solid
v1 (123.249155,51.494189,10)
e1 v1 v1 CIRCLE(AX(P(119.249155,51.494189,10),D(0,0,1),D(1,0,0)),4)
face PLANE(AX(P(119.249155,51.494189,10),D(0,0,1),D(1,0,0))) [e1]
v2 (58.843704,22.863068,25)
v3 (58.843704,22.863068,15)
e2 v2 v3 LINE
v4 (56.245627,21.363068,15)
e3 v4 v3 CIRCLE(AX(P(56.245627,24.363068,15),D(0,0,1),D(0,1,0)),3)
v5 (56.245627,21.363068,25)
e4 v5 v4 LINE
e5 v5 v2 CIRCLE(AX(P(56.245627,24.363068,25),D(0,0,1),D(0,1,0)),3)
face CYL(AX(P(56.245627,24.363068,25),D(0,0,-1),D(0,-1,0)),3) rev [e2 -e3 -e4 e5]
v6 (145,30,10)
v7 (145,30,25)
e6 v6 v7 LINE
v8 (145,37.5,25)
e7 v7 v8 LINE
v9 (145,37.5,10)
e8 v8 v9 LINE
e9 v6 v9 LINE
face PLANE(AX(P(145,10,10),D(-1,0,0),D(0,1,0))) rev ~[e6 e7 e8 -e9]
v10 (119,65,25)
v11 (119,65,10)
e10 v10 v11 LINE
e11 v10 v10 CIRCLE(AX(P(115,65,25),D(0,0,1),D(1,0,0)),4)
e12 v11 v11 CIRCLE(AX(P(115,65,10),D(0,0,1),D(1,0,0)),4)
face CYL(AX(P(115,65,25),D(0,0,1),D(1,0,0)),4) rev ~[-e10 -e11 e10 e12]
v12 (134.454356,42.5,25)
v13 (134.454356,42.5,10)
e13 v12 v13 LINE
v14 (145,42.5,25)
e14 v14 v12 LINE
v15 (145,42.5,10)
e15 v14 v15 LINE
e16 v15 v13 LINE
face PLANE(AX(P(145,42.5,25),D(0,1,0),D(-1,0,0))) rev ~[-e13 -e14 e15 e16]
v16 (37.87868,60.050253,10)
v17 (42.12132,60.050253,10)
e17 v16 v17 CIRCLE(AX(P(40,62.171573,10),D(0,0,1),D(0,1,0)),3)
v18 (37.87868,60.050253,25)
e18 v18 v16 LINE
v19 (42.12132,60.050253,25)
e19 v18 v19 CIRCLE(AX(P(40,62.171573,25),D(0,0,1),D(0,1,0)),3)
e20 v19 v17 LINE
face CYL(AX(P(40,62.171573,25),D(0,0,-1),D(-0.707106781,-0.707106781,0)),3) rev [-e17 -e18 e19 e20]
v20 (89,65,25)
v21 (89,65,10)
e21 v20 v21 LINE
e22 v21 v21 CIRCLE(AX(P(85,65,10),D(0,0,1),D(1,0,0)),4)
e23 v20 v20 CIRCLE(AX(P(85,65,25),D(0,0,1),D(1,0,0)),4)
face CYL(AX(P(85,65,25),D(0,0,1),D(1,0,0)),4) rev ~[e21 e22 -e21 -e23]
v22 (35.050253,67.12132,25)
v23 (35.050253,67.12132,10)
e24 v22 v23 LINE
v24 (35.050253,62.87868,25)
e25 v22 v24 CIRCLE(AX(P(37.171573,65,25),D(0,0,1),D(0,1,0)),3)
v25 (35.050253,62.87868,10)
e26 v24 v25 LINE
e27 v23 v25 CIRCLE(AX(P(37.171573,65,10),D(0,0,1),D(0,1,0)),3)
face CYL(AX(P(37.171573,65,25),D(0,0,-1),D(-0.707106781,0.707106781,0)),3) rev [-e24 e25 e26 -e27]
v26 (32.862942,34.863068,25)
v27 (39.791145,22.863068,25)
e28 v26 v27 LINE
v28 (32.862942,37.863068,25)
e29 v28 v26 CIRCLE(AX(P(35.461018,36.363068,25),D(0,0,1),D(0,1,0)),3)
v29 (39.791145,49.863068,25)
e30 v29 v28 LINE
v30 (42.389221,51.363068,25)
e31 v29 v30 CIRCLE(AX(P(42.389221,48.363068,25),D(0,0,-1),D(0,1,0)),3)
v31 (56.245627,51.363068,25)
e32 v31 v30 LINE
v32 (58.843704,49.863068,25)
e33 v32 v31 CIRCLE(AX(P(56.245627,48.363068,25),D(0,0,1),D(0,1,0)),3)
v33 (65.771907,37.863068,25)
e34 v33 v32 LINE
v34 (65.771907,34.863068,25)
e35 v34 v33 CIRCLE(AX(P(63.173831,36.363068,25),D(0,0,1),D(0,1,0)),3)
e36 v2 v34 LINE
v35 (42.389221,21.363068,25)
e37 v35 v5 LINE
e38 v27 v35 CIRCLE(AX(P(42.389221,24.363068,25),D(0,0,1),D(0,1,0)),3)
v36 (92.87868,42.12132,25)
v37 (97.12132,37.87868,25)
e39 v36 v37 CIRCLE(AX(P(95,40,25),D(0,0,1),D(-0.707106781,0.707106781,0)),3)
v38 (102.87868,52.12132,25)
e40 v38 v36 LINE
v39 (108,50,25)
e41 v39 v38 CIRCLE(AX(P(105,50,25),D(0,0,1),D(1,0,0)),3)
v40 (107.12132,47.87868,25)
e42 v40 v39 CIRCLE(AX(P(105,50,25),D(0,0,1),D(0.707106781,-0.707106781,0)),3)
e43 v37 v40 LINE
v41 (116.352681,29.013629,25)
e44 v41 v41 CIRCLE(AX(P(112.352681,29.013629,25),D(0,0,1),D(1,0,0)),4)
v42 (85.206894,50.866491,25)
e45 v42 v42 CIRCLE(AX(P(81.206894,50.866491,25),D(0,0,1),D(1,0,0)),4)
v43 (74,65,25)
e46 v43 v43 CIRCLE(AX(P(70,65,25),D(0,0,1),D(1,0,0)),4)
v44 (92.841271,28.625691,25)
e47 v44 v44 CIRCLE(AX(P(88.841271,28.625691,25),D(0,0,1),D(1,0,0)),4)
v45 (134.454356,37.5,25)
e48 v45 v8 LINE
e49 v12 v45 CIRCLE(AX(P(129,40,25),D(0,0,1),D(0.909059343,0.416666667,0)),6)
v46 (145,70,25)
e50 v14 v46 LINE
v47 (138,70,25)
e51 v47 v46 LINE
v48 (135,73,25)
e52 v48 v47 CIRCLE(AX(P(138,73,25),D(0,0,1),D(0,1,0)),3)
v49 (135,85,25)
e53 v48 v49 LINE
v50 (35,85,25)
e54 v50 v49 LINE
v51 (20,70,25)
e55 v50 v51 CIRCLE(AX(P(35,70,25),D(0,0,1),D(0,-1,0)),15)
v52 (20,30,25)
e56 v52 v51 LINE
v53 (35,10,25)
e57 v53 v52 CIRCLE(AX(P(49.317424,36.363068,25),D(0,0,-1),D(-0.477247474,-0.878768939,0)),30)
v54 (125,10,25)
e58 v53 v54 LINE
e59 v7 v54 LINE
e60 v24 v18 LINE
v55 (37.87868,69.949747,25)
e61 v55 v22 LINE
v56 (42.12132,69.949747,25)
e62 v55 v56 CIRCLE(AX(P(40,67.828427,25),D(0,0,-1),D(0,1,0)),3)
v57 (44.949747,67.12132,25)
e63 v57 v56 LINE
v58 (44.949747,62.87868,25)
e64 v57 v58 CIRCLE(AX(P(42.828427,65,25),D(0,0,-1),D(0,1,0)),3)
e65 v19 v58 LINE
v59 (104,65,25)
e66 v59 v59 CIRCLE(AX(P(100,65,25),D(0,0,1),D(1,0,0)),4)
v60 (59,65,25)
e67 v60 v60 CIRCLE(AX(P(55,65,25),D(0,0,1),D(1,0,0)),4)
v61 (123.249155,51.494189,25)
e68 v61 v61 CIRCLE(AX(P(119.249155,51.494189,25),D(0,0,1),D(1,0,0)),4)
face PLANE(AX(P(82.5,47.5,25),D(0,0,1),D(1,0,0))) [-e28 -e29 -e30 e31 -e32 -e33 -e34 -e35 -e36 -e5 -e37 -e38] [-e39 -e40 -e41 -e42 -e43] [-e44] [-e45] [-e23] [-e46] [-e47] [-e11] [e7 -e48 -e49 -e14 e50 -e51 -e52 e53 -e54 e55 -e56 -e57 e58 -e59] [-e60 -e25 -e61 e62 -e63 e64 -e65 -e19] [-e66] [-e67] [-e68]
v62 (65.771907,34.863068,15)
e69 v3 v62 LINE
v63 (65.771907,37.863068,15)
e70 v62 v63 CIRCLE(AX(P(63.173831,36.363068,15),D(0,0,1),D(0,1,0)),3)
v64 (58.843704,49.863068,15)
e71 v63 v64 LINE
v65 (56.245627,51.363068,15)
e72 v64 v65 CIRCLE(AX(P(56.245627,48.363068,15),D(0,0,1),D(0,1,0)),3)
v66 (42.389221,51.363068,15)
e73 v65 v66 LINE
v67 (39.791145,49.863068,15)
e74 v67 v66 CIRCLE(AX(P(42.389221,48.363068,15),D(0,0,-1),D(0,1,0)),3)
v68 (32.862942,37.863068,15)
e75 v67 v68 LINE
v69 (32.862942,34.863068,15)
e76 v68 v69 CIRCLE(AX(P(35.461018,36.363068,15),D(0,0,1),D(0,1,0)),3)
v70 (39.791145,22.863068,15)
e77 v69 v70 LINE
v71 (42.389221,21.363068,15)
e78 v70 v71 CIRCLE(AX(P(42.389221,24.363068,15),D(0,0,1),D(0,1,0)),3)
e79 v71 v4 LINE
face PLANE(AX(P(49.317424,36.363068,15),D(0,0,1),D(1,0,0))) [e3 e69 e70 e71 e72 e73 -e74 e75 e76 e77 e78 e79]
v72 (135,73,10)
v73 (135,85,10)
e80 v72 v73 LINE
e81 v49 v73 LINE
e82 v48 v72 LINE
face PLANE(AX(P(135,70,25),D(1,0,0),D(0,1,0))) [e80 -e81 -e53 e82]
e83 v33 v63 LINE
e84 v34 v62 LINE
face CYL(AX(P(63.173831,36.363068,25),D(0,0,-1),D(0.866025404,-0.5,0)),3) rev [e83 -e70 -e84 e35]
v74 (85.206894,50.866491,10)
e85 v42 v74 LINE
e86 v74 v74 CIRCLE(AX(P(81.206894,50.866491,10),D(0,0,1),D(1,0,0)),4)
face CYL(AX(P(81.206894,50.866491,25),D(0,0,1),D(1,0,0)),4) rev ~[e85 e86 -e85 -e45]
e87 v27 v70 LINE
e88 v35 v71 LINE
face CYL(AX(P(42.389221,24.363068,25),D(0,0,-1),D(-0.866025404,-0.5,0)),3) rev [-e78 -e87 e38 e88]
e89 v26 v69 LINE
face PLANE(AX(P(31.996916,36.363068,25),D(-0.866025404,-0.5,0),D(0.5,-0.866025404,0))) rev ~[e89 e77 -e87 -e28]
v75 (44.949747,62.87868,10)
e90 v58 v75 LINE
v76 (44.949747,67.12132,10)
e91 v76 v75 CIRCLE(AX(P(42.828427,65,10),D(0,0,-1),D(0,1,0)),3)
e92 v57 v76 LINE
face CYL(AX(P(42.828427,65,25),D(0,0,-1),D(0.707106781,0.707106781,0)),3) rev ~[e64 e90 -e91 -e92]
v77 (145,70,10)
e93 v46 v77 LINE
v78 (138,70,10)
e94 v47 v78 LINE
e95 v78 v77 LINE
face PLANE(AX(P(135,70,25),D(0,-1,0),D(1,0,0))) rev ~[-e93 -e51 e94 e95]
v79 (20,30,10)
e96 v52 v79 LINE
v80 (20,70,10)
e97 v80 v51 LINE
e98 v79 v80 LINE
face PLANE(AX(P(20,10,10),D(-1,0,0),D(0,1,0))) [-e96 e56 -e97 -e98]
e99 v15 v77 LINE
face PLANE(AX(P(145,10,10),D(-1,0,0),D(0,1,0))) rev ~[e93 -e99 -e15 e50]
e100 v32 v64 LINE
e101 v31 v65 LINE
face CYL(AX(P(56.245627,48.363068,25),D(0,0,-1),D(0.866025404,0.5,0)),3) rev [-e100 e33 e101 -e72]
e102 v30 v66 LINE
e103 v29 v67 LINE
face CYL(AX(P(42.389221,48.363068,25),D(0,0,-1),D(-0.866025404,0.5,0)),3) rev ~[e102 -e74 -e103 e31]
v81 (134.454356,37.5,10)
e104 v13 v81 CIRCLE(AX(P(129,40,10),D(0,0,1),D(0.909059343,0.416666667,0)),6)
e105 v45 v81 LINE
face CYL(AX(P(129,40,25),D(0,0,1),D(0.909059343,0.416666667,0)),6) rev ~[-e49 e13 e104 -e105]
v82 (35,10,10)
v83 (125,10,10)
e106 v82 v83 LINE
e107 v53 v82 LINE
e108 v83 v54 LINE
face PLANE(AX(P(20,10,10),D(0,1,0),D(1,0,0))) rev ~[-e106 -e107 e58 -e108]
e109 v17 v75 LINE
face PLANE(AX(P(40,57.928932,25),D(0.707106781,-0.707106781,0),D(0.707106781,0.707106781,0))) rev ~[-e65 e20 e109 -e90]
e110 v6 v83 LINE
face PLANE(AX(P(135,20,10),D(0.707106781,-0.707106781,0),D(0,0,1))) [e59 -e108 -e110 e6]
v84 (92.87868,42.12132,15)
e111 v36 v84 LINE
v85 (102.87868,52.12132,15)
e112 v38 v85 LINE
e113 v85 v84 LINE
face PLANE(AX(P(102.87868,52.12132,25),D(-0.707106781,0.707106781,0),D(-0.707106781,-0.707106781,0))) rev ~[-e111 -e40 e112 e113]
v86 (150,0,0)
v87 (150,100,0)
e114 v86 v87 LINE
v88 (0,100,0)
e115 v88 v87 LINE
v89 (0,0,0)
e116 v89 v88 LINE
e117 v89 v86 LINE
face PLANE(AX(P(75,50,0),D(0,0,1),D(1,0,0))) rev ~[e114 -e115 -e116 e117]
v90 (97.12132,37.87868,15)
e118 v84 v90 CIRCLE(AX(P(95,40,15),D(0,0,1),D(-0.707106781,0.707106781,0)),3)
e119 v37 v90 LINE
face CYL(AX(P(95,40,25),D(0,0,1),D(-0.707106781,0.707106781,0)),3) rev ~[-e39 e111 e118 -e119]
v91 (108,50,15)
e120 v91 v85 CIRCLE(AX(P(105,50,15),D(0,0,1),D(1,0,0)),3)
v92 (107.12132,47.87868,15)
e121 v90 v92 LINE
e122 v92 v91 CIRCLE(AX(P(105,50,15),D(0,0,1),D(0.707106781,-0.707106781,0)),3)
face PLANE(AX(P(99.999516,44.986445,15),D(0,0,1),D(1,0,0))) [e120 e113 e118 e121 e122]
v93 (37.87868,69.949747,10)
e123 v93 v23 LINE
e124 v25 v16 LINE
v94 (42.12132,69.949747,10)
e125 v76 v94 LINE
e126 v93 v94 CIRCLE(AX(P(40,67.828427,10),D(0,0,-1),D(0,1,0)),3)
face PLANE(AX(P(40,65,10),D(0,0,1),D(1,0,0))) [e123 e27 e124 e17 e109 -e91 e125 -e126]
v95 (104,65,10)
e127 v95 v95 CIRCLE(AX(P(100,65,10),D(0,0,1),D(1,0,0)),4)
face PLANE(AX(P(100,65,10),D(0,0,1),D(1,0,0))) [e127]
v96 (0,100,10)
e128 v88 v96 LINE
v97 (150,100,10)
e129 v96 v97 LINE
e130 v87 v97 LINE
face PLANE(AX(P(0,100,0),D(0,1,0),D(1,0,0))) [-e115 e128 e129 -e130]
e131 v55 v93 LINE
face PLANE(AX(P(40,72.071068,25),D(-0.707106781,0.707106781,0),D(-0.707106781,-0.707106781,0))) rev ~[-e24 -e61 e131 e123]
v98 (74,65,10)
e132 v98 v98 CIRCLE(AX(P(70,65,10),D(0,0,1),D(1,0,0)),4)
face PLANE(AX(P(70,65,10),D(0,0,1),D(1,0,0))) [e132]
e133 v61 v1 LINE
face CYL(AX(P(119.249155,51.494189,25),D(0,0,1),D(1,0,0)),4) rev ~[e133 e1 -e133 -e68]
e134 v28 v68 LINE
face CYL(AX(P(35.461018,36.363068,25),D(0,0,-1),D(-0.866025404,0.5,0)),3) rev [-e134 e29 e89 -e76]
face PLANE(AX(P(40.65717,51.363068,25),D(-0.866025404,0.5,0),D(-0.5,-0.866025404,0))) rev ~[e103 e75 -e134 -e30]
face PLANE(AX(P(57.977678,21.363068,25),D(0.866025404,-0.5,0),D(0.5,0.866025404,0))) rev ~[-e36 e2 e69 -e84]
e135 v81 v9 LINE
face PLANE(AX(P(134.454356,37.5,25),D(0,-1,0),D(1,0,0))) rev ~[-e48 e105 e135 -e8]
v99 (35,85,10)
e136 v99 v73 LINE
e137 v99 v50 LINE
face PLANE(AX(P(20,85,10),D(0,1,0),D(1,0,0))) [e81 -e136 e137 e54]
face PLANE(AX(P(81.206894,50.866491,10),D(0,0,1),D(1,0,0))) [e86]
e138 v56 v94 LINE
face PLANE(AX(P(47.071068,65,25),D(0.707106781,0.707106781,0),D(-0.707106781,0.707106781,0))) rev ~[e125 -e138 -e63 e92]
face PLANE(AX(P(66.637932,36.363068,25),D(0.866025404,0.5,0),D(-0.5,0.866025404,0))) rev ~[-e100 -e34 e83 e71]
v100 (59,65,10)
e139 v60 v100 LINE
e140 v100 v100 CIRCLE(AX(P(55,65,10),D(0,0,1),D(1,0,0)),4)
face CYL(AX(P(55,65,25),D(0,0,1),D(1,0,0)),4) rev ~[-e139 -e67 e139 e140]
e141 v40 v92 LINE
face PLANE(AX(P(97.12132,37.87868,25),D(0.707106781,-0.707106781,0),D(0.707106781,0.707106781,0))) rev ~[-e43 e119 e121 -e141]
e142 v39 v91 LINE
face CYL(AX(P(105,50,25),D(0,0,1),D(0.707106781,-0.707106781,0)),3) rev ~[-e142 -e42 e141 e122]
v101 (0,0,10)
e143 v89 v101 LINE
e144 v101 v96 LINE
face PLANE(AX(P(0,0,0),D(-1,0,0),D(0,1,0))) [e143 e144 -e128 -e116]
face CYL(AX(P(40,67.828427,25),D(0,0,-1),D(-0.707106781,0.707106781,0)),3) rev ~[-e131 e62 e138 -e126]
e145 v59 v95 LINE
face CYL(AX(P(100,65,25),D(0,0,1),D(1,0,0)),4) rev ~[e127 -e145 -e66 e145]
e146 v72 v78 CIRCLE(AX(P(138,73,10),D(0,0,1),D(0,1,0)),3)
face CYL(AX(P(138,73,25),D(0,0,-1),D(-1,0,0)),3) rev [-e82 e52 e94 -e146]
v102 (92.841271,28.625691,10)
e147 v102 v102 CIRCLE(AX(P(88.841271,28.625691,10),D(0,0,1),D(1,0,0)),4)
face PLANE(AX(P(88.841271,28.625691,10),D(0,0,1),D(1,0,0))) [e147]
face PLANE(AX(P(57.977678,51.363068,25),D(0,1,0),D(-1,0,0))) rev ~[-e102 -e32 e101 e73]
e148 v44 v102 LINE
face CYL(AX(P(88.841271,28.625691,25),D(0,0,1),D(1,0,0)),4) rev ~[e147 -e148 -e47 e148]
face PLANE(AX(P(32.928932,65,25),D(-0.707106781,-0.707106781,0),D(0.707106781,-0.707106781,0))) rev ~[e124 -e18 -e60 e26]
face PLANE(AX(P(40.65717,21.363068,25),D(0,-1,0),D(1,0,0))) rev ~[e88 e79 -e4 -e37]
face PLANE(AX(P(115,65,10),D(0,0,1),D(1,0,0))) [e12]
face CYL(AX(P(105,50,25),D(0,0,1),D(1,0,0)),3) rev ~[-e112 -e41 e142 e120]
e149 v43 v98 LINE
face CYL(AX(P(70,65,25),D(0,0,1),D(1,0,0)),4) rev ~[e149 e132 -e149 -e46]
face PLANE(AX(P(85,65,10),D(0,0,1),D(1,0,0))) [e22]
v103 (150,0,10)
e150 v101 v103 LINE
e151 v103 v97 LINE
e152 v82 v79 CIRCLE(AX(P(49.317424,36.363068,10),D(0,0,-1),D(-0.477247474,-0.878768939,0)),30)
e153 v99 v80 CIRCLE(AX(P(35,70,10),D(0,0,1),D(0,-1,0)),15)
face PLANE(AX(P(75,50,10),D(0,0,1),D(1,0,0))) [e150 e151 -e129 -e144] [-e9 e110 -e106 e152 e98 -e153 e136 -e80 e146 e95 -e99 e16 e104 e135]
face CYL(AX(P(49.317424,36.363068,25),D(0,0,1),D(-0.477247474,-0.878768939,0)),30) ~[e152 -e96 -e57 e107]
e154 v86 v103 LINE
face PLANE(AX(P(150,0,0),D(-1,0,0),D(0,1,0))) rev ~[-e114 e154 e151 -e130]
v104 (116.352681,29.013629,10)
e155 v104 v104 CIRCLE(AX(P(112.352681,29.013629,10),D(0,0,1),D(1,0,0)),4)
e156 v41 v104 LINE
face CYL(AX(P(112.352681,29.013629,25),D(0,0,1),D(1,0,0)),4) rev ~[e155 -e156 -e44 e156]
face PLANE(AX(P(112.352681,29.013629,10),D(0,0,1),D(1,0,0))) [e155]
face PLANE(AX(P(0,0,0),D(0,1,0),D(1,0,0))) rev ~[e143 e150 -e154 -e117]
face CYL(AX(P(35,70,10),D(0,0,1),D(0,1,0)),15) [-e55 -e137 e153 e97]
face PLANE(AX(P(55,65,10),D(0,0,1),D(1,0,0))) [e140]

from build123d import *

# Parameters (mm, degrees)
F1_W      = 150
F1_H      = 100
F2_DEPTH  = 10
F3_W      = 125
F3_H      = 75
F4_DEPTH  = 15
F5_R      = 15
F6_SIZE   = 20
F7_W      = 10
F7_H      = 15
F8_DEPTH  = 15
F10_DEPTH = 15
F11_R     = 4
F12_DEPTH = 15
F14_DEPTH = 15
F16_DEPTH = 15
F18_DEPTH = 10
F20_DEPTH = 10
F21_R     = 3
F22_R     = 3


with BuildPart() as f2:
    # F1 (on offset) → F2 (new body)
    with BuildSketch(Plane.XY):
        with Locations((75, 50)):
            Rectangle(F1_W, F1_H)
    extrude(amount=F2_DEPTH)

    # F3 (on face) → F4 (join)
    with BuildSketch(Plane.XY.offset(10)):
        with Locations((82.5, 47.5)):
            Rectangle(F3_W, F3_H)
    extrude(amount=F4_DEPTH)

    # F5
    f5_edges = [f2.edges().sort_by_distance(p)[0] for p in [
        (20, 85, 17.5),
    ]]
    fillet(f5_edges, radius=F5_R)

    # F6
    f6_edges = [f2.edges().sort_by_distance(p)[0] for p in [
        (145, 10, 17.5),
    ]]
    chamfer(f6_edges, length=F6_SIZE)

    # F7 (on face) → F8 (cut)
    with BuildSketch(Plane.XY.offset(25)):
        with Locations((140, 77.5)):
            Rectangle(F7_W, F7_H)
    extrude(amount=-F8_DEPTH, mode=Mode.SUBTRACT)

    # F9 (on face) → F10 (cut, through all)
    with BuildSketch(Plane.XY.offset(25)):
        with BuildLine():
            ThreePointArc((35, 10), (25.3174242293, 18.363068172), (20, 30))
            Line((20, 30), (20, 10))
            Line((20, 10), (35, 10))
        make_face()
    extrude(amount=-F10_DEPTH, mode=Mode.SUBTRACT)

    # F11 (on face) → F12 (cut)
    with BuildSketch(Plane.XY.offset(25)):
        with Locations((55, 65)):
            Circle(F11_R)
        with Locations((70, 65)):
            Circle(F11_R)
        with Locations((85, 65)):
            Circle(F11_R)
        with Locations((100, 65)):
            Circle(F11_R)
        with Locations((115, 65)):
            Circle(F11_R)
        with Locations((119.2491547178, 51.4941885379)):
            Circle(F11_R)
        with Locations((112.352680654, 29.0136292458)):
            Circle(F11_R)
        with Locations((88.8412705623, 28.6256909792)):
            Circle(F11_R)
        with Locations((81.206894066, 50.8664912371)):
            Circle(F11_R)
    extrude(amount=-F12_DEPTH, mode=Mode.SUBTRACT)

    # F13 (on face) → F14 (cut)
    with BuildSketch(Plane.XY.offset(25)):
        Polygon((40, 72.0710678119), (32.9289321881, 65), (40, 57.9289321881), (47.0710678119, 65), align=None)
    extrude(amount=-F14_DEPTH, mode=Mode.SUBTRACT)

    # F15 (on face) → F16 (cut)
    with BuildSketch(Plane.XY.offset(25)):
        with BuildLine():
            Line((134.4543560573, 37.5), (145, 37.5))
            Line((145, 37.5), (145, 42.5))
            Line((145, 42.5), (134.4543560573, 42.5))
            ThreePointArc((134.4543560573, 42.5), (134.8620020617, 41.2794263668), (135, 40))
            ThreePointArc((135, 40), (134.8620020617, 38.7205736332), (134.4543560573, 37.5))
        make_face()
        with BuildLine():
            ThreePointArc((134.4543560573, 42.5), (123, 40), (134.4543560573, 37.5))
            Line((134.4543560573, 37.5), (129, 37.5))
            Line((129, 37.5), (129, 42.5))
            Line((129, 42.5), (134.4543560573, 42.5))
        make_face()
        with BuildLine():
            Line((129, 37.5), (134.4543560573, 37.5))
            ThreePointArc((134.4543560573, 37.5), (134.8620020617, 38.7205736332), (135, 40))
            ThreePointArc((135, 40), (134.8620020617, 41.2794263668), (134.4543560573, 42.5))
            Line((134.4543560573, 42.5), (129, 42.5))
            Line((129, 42.5), (129, 37.5))
        make_face()
    extrude(amount=-F16_DEPTH, mode=Mode.SUBTRACT)

    # F17 (on face) → F18 (cut)
    with BuildSketch(Plane.XY.offset(25)):
        with BuildLine():
            Line((102.8786796564, 52.1213203436), (92.8786796564, 42.1213203436))
            ThreePointArc((92.8786796564, 42.1213203436), (96.1480502971, 42.7716385975), (98, 40))
            ThreePointArc((98, 40), (97.7716385975, 38.8519497029), (97.1213203436, 37.8786796564))
            Line((97.1213203436, 37.8786796564), (107.1213203436, 47.8786796564))
            ThreePointArc((107.1213203436, 47.8786796564), (102.8786796564, 47.8786796564), (102.8786796564, 52.1213203436))
        make_face()
        with BuildLine():
            ThreePointArc((98, 40), (96.1480502971, 42.7716385975), (92.8786796564, 42.1213203436))
            ThreePointArc((92.8786796564, 42.1213203436), (92.8786796564, 37.8786796564), (97.1213203436, 37.8786796564))
            ThreePointArc((97.1213203436, 37.8786796564), (97.7716385975, 38.8519497029), (98, 40))
        make_face()
        with BuildLine():
            ThreePointArc((108, 50), (106.1480502971, 52.7716385975), (102.8786796564, 52.1213203436))
            ThreePointArc((102.8786796564, 52.1213203436), (102.8786796564, 47.8786796564), (107.1213203436, 47.8786796564))
            ThreePointArc((107.1213203436, 47.8786796564), (107.7716385975, 48.8519497029), (108, 50))
        make_face()
    extrude(amount=-F18_DEPTH, mode=Mode.SUBTRACT)

    # F19 (on face) → F20 (cut)
    with BuildSketch(Plane.XY.offset(25)):
        Polygon((40.6571701914, 51.363068172), (31.9969161536, 36.363068172), (40.6571701914, 21.363068172), (57.9776782671, 21.363068172), (66.637932305, 36.363068172), (57.9776782671, 51.363068172), align=None)
    extrude(amount=-F20_DEPTH, mode=Mode.SUBTRACT)

    # F21
    f21_edges = [f2.edges().sort_by_distance(p)[0] for p in [
        (32.928932, 65, 17.5),
        (40, 72.071068, 17.5),
        (47.071068, 65, 17.5),
        (40, 57.928932, 17.5),
        (57.977678, 51.363068, 20),
        (40.65717, 51.363068, 20),
        (31.996916, 36.363068, 20),
        (40.65717, 21.363068, 20),
        (57.977678, 21.363068, 20),
        (66.637932, 36.363068, 20),
    ]]
    fillet(f21_edges, radius=F21_R)

    # F22
    f22_edges = [f2.edges().sort_by_distance(p)[0] for p in [
        (135, 70, 17.5),
    ]]
    fillet(f22_edges, radius=F22_R)


solid = f2.part
